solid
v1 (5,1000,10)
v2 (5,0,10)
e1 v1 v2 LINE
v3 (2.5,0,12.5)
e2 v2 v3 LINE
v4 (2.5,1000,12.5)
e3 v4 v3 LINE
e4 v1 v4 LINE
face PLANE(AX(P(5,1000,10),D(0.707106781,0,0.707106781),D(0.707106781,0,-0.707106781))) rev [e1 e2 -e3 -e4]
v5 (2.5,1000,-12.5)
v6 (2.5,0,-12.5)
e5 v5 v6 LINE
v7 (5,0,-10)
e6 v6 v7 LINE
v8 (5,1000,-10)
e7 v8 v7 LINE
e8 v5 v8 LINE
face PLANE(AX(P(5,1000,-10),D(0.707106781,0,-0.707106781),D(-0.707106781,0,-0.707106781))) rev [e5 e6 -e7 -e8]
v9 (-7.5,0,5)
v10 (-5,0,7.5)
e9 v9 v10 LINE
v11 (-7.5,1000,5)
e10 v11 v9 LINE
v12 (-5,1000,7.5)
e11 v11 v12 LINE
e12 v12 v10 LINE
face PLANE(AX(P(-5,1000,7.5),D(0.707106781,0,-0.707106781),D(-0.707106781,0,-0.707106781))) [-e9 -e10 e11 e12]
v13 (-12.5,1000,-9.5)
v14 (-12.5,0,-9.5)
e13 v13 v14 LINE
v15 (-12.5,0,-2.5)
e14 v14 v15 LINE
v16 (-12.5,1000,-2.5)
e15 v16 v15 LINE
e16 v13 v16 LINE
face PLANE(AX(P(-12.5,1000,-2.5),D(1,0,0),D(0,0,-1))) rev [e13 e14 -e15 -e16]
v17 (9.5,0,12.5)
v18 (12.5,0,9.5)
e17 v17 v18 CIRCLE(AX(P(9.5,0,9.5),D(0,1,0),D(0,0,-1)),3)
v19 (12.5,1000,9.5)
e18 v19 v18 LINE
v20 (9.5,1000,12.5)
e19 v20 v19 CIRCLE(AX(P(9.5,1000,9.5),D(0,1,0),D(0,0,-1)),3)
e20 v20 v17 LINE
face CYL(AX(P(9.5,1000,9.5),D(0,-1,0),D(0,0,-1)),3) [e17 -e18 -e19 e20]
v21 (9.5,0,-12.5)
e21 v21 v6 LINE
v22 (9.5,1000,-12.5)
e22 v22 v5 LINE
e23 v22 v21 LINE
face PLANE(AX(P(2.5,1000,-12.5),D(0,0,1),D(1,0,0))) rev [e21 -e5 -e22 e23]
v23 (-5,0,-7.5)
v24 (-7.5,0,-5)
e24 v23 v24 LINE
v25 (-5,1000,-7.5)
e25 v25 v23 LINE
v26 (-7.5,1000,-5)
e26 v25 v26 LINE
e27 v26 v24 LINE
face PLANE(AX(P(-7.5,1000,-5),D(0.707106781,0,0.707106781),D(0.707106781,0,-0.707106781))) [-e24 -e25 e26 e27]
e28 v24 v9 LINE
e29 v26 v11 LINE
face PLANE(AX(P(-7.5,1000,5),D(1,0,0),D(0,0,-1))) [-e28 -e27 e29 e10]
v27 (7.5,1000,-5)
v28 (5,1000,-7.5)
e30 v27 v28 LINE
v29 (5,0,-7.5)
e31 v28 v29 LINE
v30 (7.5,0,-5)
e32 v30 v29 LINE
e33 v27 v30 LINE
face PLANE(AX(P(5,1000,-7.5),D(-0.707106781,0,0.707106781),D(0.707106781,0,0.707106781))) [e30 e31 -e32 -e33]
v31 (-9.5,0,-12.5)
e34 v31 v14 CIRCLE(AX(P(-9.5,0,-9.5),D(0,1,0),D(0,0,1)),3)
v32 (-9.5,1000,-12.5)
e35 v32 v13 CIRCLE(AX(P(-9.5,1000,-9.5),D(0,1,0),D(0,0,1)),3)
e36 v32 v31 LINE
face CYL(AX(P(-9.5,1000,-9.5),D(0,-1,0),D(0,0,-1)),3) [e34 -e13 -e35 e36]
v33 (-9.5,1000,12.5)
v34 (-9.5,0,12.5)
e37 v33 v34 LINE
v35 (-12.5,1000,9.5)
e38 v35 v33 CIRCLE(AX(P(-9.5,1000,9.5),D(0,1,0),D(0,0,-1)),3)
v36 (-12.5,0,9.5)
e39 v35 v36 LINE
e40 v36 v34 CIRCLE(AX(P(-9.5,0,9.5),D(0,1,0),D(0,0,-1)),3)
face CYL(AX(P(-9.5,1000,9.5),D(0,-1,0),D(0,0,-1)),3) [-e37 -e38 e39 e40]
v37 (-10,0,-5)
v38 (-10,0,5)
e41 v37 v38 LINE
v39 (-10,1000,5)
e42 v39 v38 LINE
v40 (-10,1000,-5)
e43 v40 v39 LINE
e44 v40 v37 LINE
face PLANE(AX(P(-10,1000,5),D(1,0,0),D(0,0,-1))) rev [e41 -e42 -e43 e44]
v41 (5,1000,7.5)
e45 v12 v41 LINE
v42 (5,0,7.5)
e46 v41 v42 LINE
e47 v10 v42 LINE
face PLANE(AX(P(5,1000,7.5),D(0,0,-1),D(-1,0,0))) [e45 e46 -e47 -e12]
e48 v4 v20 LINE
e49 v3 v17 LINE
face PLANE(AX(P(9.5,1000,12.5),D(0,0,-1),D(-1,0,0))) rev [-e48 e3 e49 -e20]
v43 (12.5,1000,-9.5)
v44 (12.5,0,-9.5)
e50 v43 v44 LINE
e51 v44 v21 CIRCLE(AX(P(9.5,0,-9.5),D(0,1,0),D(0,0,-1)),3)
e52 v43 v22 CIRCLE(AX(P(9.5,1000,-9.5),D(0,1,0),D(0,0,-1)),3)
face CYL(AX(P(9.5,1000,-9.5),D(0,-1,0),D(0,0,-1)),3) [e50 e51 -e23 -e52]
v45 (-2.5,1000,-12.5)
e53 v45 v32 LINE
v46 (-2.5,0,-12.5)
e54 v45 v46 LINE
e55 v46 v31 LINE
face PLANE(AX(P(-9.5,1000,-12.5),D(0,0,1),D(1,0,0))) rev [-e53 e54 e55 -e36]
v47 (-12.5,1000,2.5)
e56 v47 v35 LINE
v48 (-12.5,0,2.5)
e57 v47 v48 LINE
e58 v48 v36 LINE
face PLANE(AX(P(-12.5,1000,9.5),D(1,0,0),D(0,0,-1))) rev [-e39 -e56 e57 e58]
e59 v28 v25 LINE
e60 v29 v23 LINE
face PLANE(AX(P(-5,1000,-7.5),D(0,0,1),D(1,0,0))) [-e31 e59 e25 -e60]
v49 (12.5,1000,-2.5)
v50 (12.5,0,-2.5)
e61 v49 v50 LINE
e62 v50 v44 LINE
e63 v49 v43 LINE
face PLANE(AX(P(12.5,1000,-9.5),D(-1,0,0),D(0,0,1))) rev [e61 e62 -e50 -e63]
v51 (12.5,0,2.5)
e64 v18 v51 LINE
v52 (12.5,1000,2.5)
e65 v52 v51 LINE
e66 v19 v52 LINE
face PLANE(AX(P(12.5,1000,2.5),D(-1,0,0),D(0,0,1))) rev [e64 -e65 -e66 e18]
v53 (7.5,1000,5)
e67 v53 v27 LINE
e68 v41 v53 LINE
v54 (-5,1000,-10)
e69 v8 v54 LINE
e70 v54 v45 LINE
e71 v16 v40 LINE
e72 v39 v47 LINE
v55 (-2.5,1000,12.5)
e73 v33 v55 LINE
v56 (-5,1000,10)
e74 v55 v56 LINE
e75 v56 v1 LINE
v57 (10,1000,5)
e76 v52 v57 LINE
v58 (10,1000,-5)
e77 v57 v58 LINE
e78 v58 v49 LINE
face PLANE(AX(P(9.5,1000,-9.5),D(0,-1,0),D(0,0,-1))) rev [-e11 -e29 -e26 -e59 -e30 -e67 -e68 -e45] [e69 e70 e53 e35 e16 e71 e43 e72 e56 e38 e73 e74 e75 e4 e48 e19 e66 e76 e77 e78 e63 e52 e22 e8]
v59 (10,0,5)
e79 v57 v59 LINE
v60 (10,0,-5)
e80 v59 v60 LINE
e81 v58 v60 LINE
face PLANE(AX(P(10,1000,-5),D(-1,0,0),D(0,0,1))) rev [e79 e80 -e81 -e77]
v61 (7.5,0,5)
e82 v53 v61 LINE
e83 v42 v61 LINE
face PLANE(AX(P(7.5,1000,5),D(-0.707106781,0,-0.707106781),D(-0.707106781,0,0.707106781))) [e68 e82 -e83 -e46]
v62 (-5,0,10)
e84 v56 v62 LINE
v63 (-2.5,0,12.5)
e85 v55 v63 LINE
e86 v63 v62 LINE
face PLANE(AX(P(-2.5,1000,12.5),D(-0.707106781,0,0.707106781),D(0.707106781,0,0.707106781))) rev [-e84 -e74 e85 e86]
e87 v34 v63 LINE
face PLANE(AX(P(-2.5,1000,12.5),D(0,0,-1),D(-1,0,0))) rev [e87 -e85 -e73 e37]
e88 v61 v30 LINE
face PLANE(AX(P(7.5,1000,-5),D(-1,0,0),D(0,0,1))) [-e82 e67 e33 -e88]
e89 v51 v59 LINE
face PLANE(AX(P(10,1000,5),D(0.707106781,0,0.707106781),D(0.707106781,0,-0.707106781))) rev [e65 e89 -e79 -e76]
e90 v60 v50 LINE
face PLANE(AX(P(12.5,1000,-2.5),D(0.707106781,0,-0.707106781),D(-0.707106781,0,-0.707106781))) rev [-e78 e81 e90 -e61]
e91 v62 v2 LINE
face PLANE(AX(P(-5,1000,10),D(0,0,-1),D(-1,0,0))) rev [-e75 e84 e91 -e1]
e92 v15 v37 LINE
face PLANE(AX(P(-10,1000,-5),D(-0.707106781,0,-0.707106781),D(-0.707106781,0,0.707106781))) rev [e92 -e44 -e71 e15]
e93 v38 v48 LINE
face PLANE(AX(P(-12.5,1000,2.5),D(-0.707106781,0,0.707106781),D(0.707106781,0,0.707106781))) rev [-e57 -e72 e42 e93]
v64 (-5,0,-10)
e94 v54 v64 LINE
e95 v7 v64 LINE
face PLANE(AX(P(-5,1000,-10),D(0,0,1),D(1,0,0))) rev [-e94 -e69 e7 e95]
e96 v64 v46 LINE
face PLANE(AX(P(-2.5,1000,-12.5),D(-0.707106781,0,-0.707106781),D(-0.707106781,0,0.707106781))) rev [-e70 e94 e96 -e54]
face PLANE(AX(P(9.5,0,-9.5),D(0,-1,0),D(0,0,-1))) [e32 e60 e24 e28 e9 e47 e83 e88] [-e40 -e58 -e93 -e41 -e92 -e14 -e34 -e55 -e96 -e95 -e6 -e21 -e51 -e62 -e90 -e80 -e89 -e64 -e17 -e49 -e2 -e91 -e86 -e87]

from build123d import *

# Parameters (mm, degrees)
BOSS_EXTRUDE1_DEPTH = 1000


with BuildPart() as part:
    # Sketch1 → Boss-Extrude1 (new body)
    with BuildSketch(Plane(origin=(0, 0, 0), x_dir=(1, 0, 0), z_dir=(0, 1, 0))):
        with BuildLine():
            Line((-9.5, 12.5), (-2.5, 12.5))
            Line((-2.5, 12.5), (-5, 10))
            Line((-5, 10), (5, 10))
            Line((5, 10), (2.5, 12.5))
            Line((2.5, 12.5), (9.5, 12.5))
            ThreePointArc((9.5, 12.5), (11.621320344, 11.621320344), (12.5, 9.5))
            Line((12.5, 9.5), (12.5, 2.5))
            Line((12.5, 2.5), (10, 5))
            Line((10, 5), (10, -5))
            Line((10, -5), (12.5, -2.5))
            Line((12.5, -2.5), (12.5, -9.5))
            ThreePointArc((12.5, -9.5), (11.621320344, -11.621320344), (9.5, -12.5))
            Line((9.5, -12.5), (2.5, -12.5))
            Line((2.5, -12.5), (5, -10))
            Line((5, -10), (-5, -10))
            Line((-5, -10), (-2.5, -12.5))
            Line((-2.5, -12.5), (-9.5, -12.5))
            ThreePointArc((-9.5, -12.5), (-11.621320344, -11.621320344), (-12.5, -9.5))
            Line((-12.5, -9.5), (-12.5, -2.5))
            Line((-12.5, -2.5), (-10, -5))
            Line((-10, -5), (-10, 5))
            Line((-10, 5), (-12.5, 2.5))
            Line((-12.5, 2.5), (-12.5, 9.5))
            ThreePointArc((-12.5, 9.5), (-11.621320344, 11.621320344), (-9.5, 12.5))
        make_face()
        Polygon((-7.5, 5), (-5, 7.5), (5, 7.5), (7.5, 5), (7.5, -5), (5, -7.5), (-5, -7.5), (-7.5, -5), align=None, mode=Mode.SUBTRACT)
    extrude(amount=BOSS_EXTRUDE1_DEPTH)


solid = part.part
